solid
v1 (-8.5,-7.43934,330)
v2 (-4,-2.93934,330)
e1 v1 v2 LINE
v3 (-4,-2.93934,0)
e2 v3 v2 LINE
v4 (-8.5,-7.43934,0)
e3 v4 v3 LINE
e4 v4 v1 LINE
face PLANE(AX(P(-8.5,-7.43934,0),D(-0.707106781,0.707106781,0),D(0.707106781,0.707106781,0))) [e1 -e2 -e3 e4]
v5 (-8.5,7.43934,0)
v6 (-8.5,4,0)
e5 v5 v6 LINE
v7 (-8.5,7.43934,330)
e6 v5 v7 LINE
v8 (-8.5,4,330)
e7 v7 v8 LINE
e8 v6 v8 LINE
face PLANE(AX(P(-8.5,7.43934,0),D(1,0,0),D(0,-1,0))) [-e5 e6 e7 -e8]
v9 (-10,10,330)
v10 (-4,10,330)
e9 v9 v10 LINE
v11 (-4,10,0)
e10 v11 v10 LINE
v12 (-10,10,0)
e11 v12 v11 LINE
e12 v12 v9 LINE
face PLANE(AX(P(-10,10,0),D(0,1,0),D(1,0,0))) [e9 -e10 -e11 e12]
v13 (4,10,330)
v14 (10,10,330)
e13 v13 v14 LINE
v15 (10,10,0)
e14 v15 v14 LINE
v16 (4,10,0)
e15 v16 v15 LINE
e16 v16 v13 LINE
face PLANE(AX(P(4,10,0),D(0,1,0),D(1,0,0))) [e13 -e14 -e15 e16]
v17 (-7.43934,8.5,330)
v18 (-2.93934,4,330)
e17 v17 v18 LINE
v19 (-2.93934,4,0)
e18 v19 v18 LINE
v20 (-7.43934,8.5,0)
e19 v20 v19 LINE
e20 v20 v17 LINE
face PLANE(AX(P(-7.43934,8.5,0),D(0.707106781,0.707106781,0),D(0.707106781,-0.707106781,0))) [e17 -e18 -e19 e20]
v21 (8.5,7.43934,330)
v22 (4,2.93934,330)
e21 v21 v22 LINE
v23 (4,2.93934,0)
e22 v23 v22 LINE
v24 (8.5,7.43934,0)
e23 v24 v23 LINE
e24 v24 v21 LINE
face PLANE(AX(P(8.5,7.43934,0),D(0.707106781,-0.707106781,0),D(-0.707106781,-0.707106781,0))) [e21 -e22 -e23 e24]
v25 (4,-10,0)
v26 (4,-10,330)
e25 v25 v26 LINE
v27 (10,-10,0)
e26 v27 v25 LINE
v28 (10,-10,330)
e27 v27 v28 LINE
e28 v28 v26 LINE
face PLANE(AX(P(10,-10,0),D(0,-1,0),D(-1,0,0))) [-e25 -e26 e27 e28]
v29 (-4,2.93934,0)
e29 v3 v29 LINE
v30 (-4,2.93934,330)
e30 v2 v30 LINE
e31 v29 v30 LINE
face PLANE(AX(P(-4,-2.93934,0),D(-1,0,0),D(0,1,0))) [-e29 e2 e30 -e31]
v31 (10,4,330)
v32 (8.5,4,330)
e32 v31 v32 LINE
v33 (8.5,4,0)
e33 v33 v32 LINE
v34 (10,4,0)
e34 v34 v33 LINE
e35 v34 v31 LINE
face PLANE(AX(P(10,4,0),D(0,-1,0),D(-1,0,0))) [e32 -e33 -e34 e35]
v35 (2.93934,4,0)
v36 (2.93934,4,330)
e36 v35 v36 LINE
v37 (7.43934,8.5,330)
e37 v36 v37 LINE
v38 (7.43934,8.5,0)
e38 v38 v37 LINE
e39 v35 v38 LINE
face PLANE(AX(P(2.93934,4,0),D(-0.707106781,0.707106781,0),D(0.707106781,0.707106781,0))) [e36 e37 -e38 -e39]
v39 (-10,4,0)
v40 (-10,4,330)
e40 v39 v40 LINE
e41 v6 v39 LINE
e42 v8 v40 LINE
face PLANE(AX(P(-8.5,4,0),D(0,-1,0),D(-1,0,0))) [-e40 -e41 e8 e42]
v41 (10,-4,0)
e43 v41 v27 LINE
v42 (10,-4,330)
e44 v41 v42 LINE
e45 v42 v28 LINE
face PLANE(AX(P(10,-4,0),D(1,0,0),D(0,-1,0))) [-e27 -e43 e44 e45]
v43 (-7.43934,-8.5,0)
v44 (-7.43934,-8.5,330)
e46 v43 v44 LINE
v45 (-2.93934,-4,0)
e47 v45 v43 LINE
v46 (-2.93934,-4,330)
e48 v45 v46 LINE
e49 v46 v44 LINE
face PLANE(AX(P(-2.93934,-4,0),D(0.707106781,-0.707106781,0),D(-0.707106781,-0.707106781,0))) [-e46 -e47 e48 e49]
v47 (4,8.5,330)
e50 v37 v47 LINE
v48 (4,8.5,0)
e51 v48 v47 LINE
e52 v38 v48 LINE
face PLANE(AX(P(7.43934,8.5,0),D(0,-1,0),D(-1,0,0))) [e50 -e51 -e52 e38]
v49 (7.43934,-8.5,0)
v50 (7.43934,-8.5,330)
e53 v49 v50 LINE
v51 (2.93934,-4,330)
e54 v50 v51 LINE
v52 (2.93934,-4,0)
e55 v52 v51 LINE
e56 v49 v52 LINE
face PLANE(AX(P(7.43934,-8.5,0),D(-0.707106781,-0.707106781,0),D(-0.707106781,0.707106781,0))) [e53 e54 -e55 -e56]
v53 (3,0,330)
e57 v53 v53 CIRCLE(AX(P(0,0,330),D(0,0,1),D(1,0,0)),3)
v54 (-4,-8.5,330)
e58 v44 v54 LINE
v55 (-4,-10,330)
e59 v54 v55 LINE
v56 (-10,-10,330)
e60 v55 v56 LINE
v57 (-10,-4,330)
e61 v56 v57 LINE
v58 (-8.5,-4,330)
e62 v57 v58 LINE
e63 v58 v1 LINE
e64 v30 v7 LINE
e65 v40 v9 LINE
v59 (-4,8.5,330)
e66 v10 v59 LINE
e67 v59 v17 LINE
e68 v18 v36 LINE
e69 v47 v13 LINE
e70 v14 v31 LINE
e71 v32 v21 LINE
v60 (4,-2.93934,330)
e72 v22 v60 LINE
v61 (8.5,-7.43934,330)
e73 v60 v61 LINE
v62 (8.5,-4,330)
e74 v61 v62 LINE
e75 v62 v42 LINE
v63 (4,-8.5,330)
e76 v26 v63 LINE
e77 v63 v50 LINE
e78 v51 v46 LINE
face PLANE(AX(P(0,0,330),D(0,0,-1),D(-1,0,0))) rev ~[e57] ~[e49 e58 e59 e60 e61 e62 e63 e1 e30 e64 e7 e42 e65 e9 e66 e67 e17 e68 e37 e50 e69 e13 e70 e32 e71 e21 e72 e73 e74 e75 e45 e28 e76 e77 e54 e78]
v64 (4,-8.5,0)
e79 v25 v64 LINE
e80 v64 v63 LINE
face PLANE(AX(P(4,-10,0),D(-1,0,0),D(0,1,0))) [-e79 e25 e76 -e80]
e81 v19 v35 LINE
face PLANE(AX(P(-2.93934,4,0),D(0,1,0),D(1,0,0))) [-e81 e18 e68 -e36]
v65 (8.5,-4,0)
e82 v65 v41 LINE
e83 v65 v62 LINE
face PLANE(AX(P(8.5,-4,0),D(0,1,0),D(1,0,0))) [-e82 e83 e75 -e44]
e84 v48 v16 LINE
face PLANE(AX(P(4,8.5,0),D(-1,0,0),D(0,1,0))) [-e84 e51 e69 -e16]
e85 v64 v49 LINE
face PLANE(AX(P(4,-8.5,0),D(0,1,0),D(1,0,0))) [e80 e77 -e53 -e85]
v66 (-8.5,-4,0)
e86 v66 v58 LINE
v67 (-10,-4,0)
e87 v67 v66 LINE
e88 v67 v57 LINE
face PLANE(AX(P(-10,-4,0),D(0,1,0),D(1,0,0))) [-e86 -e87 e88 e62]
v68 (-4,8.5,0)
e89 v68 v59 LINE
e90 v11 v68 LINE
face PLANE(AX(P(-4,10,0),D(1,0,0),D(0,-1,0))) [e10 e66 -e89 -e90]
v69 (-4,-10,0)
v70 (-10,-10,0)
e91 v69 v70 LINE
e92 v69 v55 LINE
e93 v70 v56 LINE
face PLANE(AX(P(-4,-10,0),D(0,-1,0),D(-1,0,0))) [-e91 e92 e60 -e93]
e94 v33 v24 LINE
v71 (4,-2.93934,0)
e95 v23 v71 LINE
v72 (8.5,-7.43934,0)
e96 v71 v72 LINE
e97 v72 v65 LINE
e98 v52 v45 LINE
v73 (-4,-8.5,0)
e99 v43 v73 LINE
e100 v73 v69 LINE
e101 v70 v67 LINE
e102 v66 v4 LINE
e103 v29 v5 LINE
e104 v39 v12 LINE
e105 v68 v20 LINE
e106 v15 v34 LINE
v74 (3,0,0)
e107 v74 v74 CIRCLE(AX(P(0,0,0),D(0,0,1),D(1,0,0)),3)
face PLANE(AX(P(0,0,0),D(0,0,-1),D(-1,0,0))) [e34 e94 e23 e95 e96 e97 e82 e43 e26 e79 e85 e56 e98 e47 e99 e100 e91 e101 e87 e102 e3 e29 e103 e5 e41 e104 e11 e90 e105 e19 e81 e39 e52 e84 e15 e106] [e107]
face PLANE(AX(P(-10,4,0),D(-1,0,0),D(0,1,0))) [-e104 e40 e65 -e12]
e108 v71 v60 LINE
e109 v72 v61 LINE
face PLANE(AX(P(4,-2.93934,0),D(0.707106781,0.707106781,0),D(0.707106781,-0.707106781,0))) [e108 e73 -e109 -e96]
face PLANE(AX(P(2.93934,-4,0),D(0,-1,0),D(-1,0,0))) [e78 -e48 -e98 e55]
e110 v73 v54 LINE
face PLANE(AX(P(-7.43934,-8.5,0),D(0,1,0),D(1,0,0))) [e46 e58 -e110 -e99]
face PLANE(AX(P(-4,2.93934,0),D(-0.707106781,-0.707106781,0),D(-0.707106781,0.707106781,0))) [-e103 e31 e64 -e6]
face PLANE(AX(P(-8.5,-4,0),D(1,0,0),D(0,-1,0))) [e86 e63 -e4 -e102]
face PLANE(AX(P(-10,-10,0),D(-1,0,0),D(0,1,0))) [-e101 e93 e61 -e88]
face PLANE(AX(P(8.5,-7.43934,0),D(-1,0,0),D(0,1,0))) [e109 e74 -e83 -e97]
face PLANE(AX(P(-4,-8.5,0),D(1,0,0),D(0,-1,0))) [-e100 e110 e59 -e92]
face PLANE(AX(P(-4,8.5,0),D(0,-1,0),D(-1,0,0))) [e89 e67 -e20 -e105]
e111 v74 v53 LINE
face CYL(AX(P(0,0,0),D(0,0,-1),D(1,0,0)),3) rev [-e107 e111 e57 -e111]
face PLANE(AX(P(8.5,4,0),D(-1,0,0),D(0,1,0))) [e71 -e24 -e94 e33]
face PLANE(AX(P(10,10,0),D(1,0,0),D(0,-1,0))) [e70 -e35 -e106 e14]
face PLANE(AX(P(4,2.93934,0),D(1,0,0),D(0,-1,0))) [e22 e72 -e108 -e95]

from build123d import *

# Parameters (mm, degrees)
ESBO_O1_R                = 3
RESSALTO_EXTRUS_O1_DEPTH = 330


with BuildPart() as part:
    # Esboço1 → Ressalto-extrusão1 (new body)
    with BuildSketch(Plane.XY):
        Polygon((-2.939339828, 4), (2.939339828, 4), (7.439339828, 8.5), (4, 8.5), (4, 10), (10, 10), (10, 4), (8.5, 4), (8.5, 7.439339828), (4, 2.939339828), (4, -2.939339828), (8.5, -7.439339828), (8.5, -4), (10, -4), (10, -10), (4, -10), (4, -8.5), (7.439339828, -8.5), (2.939339828, -4), (-2.939339828, -4), (-7.439339828, -8.5), (-4, -8.5), (-4, -10), (-10, -10), (-10, -4), (-8.5, -4), (-8.5, -7.439339828), (-4, -2.939339828), (-4, 2.939339828), (-8.5, 7.439339828), (-8.5, 4), (-10, 4), (-10, 10), (-4, 10), (-4, 8.5), (-7.439339828, 8.5), align=None)
        Circle(ESBO_O1_R, mode=Mode.SUBTRACT)
    extrude(amount=RESSALTO_EXTRUS_O1_DEPTH)


solid = part.part
